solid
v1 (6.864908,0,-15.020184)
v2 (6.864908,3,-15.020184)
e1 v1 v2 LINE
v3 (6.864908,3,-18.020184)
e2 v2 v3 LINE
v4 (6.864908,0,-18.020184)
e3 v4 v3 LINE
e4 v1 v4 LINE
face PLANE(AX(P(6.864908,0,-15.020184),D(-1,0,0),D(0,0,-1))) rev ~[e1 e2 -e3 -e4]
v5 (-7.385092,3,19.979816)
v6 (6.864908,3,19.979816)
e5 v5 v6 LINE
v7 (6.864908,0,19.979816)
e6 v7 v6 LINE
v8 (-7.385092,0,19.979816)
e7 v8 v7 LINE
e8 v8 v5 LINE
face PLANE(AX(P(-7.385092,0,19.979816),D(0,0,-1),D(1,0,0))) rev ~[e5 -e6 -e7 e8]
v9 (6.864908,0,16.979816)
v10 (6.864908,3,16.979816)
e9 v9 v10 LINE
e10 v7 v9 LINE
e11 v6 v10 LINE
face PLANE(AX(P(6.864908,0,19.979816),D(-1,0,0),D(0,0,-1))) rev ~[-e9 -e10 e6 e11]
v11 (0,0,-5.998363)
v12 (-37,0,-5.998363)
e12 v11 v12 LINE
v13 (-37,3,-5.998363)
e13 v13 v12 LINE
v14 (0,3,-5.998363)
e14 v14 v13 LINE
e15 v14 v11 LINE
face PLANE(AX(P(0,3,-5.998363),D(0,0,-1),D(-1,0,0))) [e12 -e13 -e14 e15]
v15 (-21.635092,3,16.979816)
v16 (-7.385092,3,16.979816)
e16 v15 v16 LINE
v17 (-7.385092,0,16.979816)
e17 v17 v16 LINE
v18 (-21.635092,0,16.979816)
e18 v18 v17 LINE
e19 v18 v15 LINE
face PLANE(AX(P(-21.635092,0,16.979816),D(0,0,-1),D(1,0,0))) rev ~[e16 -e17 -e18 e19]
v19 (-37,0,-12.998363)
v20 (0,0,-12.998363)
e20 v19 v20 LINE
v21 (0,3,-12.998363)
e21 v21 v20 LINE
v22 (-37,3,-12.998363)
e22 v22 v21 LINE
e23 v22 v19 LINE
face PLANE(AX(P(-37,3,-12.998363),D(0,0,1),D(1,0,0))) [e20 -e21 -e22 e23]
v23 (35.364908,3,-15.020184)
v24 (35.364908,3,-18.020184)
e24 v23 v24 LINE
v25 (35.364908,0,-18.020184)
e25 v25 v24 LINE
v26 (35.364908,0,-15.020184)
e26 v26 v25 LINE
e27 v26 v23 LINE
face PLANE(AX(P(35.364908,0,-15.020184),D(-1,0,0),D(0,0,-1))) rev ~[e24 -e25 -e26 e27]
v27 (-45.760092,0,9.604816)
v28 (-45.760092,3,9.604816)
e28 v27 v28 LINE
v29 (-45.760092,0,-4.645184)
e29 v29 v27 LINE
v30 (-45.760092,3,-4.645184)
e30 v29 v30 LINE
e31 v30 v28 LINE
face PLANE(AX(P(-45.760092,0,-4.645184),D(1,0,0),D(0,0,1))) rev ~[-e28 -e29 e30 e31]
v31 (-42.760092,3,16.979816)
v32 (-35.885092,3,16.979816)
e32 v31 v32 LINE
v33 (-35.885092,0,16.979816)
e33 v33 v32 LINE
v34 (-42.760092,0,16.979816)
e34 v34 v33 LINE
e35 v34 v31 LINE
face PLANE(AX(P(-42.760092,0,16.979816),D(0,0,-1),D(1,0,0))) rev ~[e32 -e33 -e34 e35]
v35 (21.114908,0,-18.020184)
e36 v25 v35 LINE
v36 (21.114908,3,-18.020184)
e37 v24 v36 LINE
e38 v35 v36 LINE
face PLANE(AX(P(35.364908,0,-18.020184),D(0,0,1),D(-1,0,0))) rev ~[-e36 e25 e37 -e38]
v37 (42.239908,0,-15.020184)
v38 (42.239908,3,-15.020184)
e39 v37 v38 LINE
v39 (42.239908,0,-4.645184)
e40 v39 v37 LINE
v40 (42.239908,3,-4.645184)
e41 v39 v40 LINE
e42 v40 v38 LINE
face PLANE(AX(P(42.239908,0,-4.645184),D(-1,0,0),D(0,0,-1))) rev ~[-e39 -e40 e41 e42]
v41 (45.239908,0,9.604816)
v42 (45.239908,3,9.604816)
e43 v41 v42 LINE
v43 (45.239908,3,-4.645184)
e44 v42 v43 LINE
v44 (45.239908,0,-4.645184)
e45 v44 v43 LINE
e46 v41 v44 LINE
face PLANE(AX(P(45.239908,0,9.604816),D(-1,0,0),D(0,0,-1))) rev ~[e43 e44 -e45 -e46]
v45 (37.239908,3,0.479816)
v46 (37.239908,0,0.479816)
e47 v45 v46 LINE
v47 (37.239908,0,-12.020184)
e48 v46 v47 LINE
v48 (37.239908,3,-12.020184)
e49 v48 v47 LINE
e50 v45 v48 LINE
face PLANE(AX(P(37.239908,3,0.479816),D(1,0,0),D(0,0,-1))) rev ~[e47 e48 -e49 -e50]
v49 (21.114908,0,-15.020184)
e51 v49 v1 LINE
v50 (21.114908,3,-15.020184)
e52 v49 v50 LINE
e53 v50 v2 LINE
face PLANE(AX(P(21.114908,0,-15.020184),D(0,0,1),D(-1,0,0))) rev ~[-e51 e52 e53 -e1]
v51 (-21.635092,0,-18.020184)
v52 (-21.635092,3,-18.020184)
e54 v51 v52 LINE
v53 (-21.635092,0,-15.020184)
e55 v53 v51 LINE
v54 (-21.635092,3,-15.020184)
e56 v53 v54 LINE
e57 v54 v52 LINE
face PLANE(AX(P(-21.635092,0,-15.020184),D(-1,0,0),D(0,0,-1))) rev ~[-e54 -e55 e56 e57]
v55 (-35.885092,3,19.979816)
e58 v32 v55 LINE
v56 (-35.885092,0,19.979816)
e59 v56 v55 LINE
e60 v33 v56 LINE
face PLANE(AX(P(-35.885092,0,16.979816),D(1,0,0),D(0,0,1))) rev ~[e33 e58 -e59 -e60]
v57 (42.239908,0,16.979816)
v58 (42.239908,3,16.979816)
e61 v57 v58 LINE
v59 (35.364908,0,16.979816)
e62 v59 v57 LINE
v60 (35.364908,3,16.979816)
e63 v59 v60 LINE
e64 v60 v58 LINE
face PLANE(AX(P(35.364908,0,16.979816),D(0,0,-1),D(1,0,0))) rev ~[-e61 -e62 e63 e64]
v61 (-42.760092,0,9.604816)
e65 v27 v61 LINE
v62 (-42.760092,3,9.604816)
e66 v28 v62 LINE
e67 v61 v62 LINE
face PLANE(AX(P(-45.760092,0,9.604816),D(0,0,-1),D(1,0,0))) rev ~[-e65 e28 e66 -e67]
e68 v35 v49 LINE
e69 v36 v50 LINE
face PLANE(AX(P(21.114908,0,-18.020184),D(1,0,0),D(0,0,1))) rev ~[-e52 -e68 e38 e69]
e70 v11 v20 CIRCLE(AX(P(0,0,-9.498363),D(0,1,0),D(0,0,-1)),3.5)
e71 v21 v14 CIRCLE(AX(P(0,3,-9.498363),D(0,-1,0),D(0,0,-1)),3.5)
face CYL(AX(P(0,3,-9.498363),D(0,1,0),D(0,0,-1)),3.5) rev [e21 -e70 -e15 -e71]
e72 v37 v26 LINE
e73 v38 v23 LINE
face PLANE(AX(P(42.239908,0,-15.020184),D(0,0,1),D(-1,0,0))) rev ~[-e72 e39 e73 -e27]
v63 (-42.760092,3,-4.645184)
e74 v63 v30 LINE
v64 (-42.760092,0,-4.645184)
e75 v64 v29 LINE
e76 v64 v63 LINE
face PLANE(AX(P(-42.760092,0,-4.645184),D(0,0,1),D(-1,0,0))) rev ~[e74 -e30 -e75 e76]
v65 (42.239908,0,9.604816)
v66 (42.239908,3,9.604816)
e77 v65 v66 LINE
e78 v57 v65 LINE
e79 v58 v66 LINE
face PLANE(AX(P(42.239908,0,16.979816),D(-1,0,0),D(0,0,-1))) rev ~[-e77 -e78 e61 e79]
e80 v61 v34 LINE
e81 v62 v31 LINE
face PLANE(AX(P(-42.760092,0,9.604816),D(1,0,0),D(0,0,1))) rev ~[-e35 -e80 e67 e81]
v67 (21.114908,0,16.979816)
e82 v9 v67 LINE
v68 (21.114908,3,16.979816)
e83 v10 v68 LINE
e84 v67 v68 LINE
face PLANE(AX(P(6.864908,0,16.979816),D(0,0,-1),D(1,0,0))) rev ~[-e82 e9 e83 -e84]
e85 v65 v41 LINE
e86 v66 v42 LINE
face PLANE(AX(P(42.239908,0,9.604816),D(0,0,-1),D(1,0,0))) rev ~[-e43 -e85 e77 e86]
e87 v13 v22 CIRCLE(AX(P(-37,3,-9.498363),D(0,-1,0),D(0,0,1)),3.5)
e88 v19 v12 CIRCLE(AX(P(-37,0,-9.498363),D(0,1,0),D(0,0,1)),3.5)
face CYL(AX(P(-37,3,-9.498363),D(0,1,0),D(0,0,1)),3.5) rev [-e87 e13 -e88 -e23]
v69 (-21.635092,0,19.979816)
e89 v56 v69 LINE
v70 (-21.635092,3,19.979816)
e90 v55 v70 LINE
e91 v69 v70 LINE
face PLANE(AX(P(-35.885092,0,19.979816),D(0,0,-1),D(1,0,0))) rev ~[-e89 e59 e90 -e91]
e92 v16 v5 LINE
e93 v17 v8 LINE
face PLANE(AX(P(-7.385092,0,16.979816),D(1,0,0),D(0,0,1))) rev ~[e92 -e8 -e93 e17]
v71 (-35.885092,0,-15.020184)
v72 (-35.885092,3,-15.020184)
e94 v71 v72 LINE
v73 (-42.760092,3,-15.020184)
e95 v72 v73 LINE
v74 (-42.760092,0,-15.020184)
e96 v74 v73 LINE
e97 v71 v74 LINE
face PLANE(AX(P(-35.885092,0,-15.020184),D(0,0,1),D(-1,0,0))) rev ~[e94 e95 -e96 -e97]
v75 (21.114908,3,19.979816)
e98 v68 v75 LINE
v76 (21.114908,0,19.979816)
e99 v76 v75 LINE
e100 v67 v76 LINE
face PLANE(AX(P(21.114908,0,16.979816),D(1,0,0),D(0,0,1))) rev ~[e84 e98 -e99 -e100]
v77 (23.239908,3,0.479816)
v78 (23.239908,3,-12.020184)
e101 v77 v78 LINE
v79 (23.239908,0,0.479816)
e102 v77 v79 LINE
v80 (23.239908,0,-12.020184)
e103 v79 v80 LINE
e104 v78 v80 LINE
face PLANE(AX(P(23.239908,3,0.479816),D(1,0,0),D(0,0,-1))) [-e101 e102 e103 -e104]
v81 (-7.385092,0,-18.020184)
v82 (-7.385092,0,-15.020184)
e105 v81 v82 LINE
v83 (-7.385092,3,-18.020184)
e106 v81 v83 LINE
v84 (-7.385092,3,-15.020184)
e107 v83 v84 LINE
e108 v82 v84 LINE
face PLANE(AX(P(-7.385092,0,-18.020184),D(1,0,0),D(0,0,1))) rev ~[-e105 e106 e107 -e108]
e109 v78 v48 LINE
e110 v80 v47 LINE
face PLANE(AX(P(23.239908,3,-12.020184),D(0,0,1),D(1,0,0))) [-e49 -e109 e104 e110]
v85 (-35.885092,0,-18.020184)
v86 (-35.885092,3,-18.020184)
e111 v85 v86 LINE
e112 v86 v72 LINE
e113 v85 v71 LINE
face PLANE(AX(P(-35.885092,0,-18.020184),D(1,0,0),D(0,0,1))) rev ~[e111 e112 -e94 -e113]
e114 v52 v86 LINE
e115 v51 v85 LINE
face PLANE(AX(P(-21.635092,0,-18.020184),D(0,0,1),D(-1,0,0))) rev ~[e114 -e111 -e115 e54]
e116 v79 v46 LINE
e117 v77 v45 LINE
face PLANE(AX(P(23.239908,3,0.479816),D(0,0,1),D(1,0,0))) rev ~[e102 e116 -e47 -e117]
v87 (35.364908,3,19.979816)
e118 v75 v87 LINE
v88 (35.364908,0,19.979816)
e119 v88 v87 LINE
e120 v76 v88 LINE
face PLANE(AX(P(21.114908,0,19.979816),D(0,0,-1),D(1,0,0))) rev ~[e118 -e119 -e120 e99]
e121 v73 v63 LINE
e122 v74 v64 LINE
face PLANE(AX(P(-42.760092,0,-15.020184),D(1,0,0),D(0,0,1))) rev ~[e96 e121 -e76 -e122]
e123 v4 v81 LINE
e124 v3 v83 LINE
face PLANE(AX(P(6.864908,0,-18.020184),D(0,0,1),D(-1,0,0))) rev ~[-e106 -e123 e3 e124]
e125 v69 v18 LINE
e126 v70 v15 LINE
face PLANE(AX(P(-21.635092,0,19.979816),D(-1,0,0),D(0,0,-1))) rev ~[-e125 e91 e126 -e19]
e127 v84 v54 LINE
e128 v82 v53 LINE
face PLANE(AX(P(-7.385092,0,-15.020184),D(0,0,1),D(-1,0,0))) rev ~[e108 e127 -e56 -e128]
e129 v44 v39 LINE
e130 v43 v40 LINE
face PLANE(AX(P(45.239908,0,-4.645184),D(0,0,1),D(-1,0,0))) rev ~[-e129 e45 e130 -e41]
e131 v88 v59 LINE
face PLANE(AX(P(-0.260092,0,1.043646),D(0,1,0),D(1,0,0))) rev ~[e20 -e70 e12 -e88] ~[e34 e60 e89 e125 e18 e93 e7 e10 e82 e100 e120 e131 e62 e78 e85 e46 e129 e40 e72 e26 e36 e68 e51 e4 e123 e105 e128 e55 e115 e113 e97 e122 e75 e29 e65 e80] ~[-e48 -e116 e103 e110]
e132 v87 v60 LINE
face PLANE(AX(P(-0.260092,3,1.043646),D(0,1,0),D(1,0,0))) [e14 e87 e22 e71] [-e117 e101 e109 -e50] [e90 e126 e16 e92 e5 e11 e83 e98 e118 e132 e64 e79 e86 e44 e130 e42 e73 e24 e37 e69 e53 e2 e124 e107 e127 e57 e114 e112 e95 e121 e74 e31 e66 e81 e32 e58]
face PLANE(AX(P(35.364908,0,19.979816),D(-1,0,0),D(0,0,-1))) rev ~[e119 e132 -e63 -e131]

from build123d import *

# Parameters (mm, degrees)
BOSS_EXTRUDE1_DEPTH = 3
SKETCH2_W           = 14
SKETCH2_H           = 12.5
CUT_EXTRUDE1_DEPTH  = 10


with BuildPart() as part:
    # Sketch1 → Boss-Extrude1 (new body)
    with BuildSketch(Plane(origin=(0, 0, 0), x_dir=(1, 0, 0), z_dir=(0, 1, 0))):
        Polygon((-42.760092083, 15.020184167), (-42.760092083, 4.645184167), (-45.760092083, 4.645184167), (-45.760092083, -9.604815833), (-42.760092083, -9.604815833), (-42.760092083, -16.979815833), (-35.885092083, -16.979815833), (-35.885092083, -19.979815833), (-21.635092083, -19.979815833), (-21.635092083, -16.979815833), (-7.385092083, -16.979815833), (-7.385092083, -19.979815833), (6.864907917, -19.979815833), (6.864907917, -16.979815833), (21.114907917, -16.979815833), (21.114907917, -19.979815833), (35.364907917, -19.979815833), (35.364907917, -16.979815833), (42.239907917, -16.979815833), (42.239907917, -9.604815833), (45.239907917, -9.604815833), (45.239907917, 4.645184167), (42.239907917, 4.645184167), (42.239907917, 15.020184167), (35.364907917, 15.020184167), (35.364907917, 18.020184167), (21.114907917, 18.020184167), (21.114907917, 15.020184167), (6.864907917, 15.020184167), (6.864907917, 18.020184167), (-7.385092083, 18.020184167), (-7.385092083, 15.020184167), (-21.635092083, 15.020184167), (-21.635092083, 18.020184167), (-35.885092083, 18.020184167), (-35.885092083, 15.020184167), align=None)
    extrude(amount=BOSS_EXTRUDE1_DEPTH)

    # Sketch2 → Cut-Extrude1 (cut)
    with BuildSketch(Plane(origin=(0, 3, 0), x_dir=(1, 0, 0), z_dir=(0, 1, 0))):
        with Locations((30.239907917, 5.770184167)):
            Rectangle(SKETCH2_W, SKETCH2_H)
        with BuildLine():
            Line((-37, 12.998362663), (0, 12.998362663))
            ThreePointArc((0, 12.998362663), (3.5, 9.498362663), (0, 5.998362663))
            Line((0, 5.998362663), (-37, 5.998362663))
            ThreePointArc((-37, 5.998362663), (-40.5, 9.498362663), (-37, 12.998362663))
        make_face()
    extrude(amount=-CUT_EXTRUDE1_DEPTH, mode=Mode.SUBTRACT)


solid = part.part
